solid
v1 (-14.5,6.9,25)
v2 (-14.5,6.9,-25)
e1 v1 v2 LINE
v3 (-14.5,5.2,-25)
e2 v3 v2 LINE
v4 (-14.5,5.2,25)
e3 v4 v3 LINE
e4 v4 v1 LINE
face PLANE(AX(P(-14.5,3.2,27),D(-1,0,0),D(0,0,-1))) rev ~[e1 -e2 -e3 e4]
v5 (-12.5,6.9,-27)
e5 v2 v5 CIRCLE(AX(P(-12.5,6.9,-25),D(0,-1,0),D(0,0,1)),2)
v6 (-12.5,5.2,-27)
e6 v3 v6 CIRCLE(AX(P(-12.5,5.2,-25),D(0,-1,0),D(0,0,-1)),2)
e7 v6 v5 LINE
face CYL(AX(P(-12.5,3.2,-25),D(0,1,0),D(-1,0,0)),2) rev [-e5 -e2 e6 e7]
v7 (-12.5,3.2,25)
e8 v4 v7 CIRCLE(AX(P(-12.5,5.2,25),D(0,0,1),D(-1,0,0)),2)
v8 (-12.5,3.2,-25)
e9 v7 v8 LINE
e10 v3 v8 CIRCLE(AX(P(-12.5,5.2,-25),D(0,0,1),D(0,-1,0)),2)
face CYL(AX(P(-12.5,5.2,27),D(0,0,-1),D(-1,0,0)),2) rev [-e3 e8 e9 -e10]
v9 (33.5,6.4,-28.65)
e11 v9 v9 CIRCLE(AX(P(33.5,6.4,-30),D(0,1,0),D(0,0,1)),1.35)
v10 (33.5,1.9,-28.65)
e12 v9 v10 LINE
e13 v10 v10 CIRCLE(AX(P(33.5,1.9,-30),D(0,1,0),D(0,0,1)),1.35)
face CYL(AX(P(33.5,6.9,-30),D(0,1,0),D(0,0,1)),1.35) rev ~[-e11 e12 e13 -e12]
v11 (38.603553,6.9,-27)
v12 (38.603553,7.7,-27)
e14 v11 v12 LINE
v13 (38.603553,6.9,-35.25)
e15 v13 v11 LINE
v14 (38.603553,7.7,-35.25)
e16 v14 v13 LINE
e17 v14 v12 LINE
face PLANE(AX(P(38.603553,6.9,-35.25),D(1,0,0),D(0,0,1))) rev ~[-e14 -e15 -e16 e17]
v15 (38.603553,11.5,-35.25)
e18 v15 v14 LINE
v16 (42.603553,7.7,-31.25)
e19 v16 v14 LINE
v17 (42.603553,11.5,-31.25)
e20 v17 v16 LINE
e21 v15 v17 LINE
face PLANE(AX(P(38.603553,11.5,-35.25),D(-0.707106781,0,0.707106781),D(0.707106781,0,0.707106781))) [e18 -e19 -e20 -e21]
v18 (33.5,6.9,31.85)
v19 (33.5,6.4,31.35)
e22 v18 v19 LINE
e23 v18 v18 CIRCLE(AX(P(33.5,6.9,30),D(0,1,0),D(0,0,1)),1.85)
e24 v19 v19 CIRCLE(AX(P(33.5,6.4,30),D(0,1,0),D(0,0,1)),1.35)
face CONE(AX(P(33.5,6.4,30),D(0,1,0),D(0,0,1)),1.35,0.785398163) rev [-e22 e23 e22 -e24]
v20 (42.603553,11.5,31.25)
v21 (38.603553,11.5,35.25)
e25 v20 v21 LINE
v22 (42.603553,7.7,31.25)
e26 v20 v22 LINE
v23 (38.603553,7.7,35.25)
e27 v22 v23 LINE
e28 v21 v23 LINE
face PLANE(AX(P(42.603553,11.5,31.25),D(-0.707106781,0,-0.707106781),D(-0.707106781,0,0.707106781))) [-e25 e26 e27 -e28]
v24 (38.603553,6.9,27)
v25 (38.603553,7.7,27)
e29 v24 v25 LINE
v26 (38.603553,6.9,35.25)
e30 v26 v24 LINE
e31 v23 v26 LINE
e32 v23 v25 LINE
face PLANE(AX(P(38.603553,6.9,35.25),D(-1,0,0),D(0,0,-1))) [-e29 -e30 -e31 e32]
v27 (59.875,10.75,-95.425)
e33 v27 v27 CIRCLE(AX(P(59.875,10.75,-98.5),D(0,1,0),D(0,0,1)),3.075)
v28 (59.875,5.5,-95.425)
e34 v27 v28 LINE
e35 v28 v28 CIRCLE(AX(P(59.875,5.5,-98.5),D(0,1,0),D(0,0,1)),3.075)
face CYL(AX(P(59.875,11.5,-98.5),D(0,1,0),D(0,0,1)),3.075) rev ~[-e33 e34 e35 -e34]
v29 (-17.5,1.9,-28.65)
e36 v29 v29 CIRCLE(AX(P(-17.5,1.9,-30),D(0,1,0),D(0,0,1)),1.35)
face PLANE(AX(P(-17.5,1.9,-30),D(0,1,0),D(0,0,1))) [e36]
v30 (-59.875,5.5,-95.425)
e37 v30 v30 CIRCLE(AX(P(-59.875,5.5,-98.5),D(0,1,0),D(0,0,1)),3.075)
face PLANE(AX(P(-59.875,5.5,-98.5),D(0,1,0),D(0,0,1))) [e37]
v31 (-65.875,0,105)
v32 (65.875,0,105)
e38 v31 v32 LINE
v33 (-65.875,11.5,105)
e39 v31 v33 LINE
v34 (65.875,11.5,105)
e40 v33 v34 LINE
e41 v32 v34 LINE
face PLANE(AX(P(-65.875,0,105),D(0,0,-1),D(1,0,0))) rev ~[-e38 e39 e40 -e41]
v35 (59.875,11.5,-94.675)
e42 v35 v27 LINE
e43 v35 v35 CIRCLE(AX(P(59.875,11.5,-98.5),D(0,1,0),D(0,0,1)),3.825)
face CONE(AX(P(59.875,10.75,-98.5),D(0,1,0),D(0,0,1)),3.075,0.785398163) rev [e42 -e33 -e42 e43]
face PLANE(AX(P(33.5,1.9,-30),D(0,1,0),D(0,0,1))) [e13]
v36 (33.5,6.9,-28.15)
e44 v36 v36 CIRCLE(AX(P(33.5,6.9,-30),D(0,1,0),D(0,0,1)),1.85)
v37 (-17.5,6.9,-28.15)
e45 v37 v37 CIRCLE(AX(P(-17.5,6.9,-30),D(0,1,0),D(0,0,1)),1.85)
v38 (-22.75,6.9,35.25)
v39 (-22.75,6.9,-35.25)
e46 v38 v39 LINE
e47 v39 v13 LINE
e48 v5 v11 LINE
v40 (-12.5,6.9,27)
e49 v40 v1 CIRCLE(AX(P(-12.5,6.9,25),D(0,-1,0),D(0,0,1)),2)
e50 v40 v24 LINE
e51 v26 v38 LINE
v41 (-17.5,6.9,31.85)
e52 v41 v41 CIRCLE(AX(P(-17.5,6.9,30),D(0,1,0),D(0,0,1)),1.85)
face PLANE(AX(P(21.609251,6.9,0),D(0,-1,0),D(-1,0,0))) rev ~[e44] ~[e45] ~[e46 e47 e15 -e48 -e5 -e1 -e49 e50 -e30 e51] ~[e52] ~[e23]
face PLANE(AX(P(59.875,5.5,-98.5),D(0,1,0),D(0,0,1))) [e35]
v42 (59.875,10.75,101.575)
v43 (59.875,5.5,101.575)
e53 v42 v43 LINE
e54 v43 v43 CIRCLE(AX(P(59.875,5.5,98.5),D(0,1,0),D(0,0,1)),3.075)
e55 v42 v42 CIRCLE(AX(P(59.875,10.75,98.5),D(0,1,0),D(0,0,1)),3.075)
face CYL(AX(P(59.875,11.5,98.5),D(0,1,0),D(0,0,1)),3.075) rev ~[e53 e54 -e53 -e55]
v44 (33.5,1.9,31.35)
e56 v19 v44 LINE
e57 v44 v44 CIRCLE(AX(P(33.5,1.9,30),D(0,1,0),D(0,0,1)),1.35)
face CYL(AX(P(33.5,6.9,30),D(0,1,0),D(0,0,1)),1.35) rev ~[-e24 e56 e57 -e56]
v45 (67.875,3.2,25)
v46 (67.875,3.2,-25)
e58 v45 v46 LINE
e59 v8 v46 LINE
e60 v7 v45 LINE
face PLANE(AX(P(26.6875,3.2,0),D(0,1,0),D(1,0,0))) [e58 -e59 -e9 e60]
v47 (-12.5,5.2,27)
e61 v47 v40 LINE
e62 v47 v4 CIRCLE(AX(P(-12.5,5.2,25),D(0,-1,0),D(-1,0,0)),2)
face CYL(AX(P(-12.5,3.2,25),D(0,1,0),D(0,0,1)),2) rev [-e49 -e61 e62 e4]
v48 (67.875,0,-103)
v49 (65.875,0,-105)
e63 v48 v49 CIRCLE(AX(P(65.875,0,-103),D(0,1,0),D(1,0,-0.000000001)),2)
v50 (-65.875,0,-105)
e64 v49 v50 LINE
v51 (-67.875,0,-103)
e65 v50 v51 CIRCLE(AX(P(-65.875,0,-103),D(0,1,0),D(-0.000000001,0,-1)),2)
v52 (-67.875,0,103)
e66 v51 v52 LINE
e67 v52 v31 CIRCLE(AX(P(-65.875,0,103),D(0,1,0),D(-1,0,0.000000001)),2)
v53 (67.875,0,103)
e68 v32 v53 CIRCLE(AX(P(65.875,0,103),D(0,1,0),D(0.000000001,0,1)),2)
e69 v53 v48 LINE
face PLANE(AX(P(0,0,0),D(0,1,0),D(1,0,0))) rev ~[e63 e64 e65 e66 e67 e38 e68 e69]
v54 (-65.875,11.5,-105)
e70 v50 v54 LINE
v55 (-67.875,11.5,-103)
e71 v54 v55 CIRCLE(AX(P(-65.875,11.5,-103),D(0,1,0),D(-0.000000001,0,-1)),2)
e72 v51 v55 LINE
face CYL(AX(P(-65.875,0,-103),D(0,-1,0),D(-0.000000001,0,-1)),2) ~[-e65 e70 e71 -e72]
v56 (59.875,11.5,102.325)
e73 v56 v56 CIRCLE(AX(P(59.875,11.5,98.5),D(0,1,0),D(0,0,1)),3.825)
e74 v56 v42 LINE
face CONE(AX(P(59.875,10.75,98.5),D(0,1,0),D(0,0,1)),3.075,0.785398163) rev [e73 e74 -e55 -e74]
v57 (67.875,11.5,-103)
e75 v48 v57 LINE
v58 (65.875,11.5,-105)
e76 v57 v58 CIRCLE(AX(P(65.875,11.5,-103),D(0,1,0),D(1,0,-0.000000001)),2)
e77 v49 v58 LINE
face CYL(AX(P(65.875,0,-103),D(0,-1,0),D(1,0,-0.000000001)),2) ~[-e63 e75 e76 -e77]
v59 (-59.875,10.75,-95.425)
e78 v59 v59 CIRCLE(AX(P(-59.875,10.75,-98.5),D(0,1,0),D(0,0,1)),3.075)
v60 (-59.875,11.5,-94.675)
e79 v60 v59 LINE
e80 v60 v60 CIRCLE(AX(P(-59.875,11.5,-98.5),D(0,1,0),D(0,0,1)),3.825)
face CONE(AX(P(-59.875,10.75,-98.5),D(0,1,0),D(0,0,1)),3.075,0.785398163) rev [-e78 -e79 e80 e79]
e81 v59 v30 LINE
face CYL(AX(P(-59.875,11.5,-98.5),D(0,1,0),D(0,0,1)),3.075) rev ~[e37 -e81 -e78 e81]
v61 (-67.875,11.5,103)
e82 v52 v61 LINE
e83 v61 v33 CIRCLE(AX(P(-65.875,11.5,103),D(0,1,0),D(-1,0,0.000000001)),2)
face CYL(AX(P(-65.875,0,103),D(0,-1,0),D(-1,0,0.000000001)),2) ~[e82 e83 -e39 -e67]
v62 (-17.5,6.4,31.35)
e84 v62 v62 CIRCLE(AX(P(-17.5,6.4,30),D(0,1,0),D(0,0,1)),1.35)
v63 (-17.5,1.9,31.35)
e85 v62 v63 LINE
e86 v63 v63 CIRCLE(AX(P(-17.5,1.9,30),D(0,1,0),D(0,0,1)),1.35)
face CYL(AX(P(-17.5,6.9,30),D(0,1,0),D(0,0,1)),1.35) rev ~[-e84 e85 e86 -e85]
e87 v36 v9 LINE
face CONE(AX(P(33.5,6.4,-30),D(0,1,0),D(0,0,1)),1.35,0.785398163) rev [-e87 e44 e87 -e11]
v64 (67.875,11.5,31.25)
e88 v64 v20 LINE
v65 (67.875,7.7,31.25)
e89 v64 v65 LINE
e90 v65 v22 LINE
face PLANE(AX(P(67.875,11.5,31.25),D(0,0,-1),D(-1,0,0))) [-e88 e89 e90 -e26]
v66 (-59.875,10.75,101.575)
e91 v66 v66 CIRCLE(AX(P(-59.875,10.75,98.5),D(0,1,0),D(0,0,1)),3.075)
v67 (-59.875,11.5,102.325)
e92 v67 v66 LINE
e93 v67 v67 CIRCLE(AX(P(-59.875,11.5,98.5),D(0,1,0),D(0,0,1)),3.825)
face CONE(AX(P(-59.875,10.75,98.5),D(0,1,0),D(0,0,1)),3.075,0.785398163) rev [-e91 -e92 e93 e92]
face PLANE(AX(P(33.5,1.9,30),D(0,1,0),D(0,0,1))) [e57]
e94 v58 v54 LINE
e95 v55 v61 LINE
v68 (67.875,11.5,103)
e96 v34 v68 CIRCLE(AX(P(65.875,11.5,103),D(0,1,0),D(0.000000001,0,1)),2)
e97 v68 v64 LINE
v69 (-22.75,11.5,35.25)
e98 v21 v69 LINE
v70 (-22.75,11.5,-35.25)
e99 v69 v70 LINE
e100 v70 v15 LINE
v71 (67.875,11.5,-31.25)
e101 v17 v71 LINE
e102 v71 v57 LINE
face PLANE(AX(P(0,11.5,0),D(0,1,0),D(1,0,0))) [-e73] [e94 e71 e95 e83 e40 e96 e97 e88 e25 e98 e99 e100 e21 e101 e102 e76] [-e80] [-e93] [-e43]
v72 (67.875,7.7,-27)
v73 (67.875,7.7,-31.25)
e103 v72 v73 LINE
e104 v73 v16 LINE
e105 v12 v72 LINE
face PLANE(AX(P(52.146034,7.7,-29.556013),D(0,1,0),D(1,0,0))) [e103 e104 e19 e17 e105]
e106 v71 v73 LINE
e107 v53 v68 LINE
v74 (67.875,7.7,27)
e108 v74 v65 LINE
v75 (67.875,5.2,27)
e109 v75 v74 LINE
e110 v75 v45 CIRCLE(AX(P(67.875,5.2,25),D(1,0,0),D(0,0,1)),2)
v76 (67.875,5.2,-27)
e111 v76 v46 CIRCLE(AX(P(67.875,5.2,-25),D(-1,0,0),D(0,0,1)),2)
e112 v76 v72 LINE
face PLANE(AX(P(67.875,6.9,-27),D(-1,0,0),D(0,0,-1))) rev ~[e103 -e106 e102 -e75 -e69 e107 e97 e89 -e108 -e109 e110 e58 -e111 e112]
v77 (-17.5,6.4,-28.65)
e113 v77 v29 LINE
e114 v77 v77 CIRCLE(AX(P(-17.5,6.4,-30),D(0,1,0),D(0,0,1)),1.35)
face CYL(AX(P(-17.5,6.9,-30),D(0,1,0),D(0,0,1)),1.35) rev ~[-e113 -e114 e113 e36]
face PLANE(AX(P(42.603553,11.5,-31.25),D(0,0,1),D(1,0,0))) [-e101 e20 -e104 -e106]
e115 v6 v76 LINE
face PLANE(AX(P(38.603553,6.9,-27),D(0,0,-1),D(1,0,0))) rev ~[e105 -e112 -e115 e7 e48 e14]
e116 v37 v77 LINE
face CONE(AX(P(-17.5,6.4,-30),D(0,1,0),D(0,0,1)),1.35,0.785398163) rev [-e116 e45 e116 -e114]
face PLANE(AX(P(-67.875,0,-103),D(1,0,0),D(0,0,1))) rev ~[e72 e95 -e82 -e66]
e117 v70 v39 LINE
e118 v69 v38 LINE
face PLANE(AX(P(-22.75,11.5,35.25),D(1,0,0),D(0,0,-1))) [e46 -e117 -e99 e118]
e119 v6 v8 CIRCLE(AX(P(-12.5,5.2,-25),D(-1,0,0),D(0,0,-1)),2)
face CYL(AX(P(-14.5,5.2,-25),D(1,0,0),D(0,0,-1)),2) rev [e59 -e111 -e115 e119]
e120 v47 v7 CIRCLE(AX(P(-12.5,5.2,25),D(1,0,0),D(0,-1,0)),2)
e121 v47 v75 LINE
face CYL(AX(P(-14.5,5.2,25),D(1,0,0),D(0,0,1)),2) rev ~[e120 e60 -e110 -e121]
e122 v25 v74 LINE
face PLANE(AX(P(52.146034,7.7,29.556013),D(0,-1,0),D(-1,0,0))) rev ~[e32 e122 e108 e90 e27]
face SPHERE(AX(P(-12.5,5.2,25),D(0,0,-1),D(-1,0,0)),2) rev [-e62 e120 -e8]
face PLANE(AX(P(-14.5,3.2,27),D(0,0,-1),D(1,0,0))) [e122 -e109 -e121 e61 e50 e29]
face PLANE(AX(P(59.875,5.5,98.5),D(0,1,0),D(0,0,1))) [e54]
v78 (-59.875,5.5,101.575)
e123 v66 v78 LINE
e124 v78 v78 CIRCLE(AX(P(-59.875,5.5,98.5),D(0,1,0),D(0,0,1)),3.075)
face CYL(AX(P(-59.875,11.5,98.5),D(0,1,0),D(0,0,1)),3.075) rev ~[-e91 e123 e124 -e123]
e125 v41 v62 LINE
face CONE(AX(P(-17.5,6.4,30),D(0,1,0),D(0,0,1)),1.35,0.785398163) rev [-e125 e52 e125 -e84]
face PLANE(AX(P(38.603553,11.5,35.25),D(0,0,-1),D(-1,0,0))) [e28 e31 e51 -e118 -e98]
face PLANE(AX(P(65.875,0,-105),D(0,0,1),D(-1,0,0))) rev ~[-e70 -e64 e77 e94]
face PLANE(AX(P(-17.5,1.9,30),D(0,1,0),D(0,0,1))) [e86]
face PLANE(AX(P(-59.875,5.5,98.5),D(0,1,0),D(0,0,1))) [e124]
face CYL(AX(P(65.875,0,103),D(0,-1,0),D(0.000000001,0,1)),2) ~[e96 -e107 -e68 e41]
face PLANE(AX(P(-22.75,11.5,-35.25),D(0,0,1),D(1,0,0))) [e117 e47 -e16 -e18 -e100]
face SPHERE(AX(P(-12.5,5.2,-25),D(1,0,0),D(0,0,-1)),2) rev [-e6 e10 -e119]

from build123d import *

# Parameters (mm, degrees)
BOSS_EXTRUDE1_DEPTH     = 11.5
SKETCH4_R               = 3.075
CUT_EXTRUDE1_DEPTH      = 6
CUT_EXTRUDE6_DEPTH      = 4.6
CUT_EXTRUDE3_DEPTH      = 126.21831186
CUT_EXTRUDE3_DEPTH_BACK = 3.7
SKETCH24_W              = 82.375
SKETCH24_H              = 54
SKETCH25_R              = 1.35
CUT_EXTRUDE4_DEPTH      = 5
CHAMFER4_SIZE           = 0.5
FILLET1_R               = 2
BOSS_EXTRUDE2_DEPTH     = 0.8
CHAMFER5_SIZE           = 0.75


with BuildPart() as part:
    # Sketch1 → Boss-Extrude1 (new body)
    with BuildSketch(Plane(origin=(0, 0, 0), x_dir=(1, 0, 0), z_dir=(0, 1, 0))):
        with BuildLine():
            Line((-67.875, 90), (-67.875, -90))
            Line((-67.875, -90), (-67.875, -103))
            ThreePointArc((-67.875, -103), (-67.289213562, -104.414213562), (-65.875, -105))
            Line((-65.875, -105), (65.875, -105))
            ThreePointArc((65.875, -105), (67.289213562, -104.414213562), (67.875, -103))
            Line((67.875, -103), (67.875, -90))
            Line((67.875, -90), (67.875, 90))
            Line((67.875, 90), (67.875, 103))
            ThreePointArc((67.875, 103), (67.289213562, 104.414213562), (65.875, 105))
            Line((65.875, 105), (-65.875, 105))
            ThreePointArc((-65.875, 105), (-67.289213562, 104.414213562), (-67.875, 103))
            Line((-67.875, 103), (-67.875, 90))
        make_face()
    extrude(amount=BOSS_EXTRUDE1_DEPTH)

    # Sketch4 → Cut-Extrude1 (cut)
    with BuildSketch(Plane(origin=(0, 11.5, 0), x_dir=(1, 0, 0), z_dir=(0, 1, 0))):
        with Locations(Location((-59.875, -98.5, 0), (0, 0, 270))):
            Circle(SKETCH4_R)
        with Locations(Location((59.875, -98.5, 0), (0, 0, 270))):
            Circle(SKETCH4_R)
        with Locations(Location((59.875, 98.5, 0), (0, 0, 270))):
            Circle(SKETCH4_R)
        with Locations(Location((-59.875, 98.5, 0), (0, 0, 270))):
            Circle(SKETCH4_R)
    extrude(amount=-CUT_EXTRUDE1_DEPTH, mode=Mode.SUBTRACT)

    # Sketch21 → Cut-Extrude6 (cut)
    with BuildSketch(Plane(origin=(0, 11.5, 0), x_dir=(1, 0, 0), z_dir=(0, 1, 0))):
        Polygon((67.875, 31), (67.875, -31), (67.875, -31.25), (42.603553391, -31.25), (38.603553391, -35.25), (-22.75, -35.25), (-22.75, 35.25), (38.603553391, 35.25), (42.603553391, 31.25), (67.875, 31.25), align=None)
    extrude(amount=-CUT_EXTRUDE6_DEPTH, mode=Mode.SUBTRACT)

    # Sketch24 → Cut-Extrude3 (cut, two sides: drawn at the far end of the back side and taken through both)
    with BuildSketch(Plane(origin=(0, 6.9, 0), x_dir=(1, 0, 0), z_dir=(0, 1, 0)).offset(-CUT_EXTRUDE3_DEPTH_BACK)):
        with Locations((26.6875, 0)):
            Rectangle(SKETCH24_W, SKETCH24_H)
    extrude(amount=CUT_EXTRUDE3_DEPTH + CUT_EXTRUDE3_DEPTH_BACK, mode=Mode.SUBTRACT)

    # Sketch25 → Cut-Extrude4 (cut)
    with BuildSketch(Plane(origin=(0, 6.9, 0), x_dir=(1, 0, 0), z_dir=(0, 1, 0))):
        with Locations(Location((33.5, 30, 0), (0, 0, 270))):
            Circle(SKETCH25_R)
        with Locations(Location((-17.5, 30, 0), (0, 0, 270))):
            Circle(SKETCH25_R)
        with Locations(Location((33.5, -30, 0), (0, 0, 270))):
            Circle(SKETCH25_R)
        with Locations(Location((-17.5, -30, 0), (0, 0, 270))):
            Circle(SKETCH25_R)
    extrude(amount=-CUT_EXTRUDE4_DEPTH, mode=Mode.SUBTRACT)

    # Chamfer4
    chamfer4_edges = [part.edges().sort_by_distance(p)[0] for p in [
        (-17.5, 6.9, -31.35),
        (33.5, 6.9, 28.65),
        (-17.5, 6.9, 28.65),
        (33.5, 6.9, -31.35),
    ]]
    chamfer(chamfer4_edges, length=CHAMFER4_SIZE)

    # Fillet1
    fillet1_edges = [part.edges().sort_by_distance(p)[0] for p in [
        (26.6875, 3.2, -27),
        (-14.5, 5.05, -27),
        (-14.5, 3.2, 0),
        (-14.5, 5.05, 27),
        (26.6875, 3.2, 27),
    ]]
    fillet(fillet1_edges, radius=FILLET1_R)

    # Sketch26 → Boss-Extrude2 (add)
    with BuildSketch(Plane(origin=(0, 6.9, 0), x_dir=(1, 0, 0), z_dir=(0, 1, 0))):
        Polygon((38.603553391, 35.25), (38.603553391, 27), (67.875, 27), (67.875, 31.25), (42.603553391, 31.25), align=None)
        Polygon((42.603553391, -31.25), (38.603553391, -35.25), (38.603553391, -27), (67.875, -27), (67.875, -31.25), align=None)
    extrude(amount=BOSS_EXTRUDE2_DEPTH)

    # Chamfer5
    chamfer5_edges = [part.edges().sort_by_distance(p)[0] for p in [
        (-59.875, 11.5, -101.575),
        (59.875, 11.5, -101.575),
        (59.875, 11.5, 95.425),
        (-59.875, 11.5, 95.425),
    ]]
    chamfer(chamfer5_edges, length=CHAMFER5_SIZE)


solid = part.part
